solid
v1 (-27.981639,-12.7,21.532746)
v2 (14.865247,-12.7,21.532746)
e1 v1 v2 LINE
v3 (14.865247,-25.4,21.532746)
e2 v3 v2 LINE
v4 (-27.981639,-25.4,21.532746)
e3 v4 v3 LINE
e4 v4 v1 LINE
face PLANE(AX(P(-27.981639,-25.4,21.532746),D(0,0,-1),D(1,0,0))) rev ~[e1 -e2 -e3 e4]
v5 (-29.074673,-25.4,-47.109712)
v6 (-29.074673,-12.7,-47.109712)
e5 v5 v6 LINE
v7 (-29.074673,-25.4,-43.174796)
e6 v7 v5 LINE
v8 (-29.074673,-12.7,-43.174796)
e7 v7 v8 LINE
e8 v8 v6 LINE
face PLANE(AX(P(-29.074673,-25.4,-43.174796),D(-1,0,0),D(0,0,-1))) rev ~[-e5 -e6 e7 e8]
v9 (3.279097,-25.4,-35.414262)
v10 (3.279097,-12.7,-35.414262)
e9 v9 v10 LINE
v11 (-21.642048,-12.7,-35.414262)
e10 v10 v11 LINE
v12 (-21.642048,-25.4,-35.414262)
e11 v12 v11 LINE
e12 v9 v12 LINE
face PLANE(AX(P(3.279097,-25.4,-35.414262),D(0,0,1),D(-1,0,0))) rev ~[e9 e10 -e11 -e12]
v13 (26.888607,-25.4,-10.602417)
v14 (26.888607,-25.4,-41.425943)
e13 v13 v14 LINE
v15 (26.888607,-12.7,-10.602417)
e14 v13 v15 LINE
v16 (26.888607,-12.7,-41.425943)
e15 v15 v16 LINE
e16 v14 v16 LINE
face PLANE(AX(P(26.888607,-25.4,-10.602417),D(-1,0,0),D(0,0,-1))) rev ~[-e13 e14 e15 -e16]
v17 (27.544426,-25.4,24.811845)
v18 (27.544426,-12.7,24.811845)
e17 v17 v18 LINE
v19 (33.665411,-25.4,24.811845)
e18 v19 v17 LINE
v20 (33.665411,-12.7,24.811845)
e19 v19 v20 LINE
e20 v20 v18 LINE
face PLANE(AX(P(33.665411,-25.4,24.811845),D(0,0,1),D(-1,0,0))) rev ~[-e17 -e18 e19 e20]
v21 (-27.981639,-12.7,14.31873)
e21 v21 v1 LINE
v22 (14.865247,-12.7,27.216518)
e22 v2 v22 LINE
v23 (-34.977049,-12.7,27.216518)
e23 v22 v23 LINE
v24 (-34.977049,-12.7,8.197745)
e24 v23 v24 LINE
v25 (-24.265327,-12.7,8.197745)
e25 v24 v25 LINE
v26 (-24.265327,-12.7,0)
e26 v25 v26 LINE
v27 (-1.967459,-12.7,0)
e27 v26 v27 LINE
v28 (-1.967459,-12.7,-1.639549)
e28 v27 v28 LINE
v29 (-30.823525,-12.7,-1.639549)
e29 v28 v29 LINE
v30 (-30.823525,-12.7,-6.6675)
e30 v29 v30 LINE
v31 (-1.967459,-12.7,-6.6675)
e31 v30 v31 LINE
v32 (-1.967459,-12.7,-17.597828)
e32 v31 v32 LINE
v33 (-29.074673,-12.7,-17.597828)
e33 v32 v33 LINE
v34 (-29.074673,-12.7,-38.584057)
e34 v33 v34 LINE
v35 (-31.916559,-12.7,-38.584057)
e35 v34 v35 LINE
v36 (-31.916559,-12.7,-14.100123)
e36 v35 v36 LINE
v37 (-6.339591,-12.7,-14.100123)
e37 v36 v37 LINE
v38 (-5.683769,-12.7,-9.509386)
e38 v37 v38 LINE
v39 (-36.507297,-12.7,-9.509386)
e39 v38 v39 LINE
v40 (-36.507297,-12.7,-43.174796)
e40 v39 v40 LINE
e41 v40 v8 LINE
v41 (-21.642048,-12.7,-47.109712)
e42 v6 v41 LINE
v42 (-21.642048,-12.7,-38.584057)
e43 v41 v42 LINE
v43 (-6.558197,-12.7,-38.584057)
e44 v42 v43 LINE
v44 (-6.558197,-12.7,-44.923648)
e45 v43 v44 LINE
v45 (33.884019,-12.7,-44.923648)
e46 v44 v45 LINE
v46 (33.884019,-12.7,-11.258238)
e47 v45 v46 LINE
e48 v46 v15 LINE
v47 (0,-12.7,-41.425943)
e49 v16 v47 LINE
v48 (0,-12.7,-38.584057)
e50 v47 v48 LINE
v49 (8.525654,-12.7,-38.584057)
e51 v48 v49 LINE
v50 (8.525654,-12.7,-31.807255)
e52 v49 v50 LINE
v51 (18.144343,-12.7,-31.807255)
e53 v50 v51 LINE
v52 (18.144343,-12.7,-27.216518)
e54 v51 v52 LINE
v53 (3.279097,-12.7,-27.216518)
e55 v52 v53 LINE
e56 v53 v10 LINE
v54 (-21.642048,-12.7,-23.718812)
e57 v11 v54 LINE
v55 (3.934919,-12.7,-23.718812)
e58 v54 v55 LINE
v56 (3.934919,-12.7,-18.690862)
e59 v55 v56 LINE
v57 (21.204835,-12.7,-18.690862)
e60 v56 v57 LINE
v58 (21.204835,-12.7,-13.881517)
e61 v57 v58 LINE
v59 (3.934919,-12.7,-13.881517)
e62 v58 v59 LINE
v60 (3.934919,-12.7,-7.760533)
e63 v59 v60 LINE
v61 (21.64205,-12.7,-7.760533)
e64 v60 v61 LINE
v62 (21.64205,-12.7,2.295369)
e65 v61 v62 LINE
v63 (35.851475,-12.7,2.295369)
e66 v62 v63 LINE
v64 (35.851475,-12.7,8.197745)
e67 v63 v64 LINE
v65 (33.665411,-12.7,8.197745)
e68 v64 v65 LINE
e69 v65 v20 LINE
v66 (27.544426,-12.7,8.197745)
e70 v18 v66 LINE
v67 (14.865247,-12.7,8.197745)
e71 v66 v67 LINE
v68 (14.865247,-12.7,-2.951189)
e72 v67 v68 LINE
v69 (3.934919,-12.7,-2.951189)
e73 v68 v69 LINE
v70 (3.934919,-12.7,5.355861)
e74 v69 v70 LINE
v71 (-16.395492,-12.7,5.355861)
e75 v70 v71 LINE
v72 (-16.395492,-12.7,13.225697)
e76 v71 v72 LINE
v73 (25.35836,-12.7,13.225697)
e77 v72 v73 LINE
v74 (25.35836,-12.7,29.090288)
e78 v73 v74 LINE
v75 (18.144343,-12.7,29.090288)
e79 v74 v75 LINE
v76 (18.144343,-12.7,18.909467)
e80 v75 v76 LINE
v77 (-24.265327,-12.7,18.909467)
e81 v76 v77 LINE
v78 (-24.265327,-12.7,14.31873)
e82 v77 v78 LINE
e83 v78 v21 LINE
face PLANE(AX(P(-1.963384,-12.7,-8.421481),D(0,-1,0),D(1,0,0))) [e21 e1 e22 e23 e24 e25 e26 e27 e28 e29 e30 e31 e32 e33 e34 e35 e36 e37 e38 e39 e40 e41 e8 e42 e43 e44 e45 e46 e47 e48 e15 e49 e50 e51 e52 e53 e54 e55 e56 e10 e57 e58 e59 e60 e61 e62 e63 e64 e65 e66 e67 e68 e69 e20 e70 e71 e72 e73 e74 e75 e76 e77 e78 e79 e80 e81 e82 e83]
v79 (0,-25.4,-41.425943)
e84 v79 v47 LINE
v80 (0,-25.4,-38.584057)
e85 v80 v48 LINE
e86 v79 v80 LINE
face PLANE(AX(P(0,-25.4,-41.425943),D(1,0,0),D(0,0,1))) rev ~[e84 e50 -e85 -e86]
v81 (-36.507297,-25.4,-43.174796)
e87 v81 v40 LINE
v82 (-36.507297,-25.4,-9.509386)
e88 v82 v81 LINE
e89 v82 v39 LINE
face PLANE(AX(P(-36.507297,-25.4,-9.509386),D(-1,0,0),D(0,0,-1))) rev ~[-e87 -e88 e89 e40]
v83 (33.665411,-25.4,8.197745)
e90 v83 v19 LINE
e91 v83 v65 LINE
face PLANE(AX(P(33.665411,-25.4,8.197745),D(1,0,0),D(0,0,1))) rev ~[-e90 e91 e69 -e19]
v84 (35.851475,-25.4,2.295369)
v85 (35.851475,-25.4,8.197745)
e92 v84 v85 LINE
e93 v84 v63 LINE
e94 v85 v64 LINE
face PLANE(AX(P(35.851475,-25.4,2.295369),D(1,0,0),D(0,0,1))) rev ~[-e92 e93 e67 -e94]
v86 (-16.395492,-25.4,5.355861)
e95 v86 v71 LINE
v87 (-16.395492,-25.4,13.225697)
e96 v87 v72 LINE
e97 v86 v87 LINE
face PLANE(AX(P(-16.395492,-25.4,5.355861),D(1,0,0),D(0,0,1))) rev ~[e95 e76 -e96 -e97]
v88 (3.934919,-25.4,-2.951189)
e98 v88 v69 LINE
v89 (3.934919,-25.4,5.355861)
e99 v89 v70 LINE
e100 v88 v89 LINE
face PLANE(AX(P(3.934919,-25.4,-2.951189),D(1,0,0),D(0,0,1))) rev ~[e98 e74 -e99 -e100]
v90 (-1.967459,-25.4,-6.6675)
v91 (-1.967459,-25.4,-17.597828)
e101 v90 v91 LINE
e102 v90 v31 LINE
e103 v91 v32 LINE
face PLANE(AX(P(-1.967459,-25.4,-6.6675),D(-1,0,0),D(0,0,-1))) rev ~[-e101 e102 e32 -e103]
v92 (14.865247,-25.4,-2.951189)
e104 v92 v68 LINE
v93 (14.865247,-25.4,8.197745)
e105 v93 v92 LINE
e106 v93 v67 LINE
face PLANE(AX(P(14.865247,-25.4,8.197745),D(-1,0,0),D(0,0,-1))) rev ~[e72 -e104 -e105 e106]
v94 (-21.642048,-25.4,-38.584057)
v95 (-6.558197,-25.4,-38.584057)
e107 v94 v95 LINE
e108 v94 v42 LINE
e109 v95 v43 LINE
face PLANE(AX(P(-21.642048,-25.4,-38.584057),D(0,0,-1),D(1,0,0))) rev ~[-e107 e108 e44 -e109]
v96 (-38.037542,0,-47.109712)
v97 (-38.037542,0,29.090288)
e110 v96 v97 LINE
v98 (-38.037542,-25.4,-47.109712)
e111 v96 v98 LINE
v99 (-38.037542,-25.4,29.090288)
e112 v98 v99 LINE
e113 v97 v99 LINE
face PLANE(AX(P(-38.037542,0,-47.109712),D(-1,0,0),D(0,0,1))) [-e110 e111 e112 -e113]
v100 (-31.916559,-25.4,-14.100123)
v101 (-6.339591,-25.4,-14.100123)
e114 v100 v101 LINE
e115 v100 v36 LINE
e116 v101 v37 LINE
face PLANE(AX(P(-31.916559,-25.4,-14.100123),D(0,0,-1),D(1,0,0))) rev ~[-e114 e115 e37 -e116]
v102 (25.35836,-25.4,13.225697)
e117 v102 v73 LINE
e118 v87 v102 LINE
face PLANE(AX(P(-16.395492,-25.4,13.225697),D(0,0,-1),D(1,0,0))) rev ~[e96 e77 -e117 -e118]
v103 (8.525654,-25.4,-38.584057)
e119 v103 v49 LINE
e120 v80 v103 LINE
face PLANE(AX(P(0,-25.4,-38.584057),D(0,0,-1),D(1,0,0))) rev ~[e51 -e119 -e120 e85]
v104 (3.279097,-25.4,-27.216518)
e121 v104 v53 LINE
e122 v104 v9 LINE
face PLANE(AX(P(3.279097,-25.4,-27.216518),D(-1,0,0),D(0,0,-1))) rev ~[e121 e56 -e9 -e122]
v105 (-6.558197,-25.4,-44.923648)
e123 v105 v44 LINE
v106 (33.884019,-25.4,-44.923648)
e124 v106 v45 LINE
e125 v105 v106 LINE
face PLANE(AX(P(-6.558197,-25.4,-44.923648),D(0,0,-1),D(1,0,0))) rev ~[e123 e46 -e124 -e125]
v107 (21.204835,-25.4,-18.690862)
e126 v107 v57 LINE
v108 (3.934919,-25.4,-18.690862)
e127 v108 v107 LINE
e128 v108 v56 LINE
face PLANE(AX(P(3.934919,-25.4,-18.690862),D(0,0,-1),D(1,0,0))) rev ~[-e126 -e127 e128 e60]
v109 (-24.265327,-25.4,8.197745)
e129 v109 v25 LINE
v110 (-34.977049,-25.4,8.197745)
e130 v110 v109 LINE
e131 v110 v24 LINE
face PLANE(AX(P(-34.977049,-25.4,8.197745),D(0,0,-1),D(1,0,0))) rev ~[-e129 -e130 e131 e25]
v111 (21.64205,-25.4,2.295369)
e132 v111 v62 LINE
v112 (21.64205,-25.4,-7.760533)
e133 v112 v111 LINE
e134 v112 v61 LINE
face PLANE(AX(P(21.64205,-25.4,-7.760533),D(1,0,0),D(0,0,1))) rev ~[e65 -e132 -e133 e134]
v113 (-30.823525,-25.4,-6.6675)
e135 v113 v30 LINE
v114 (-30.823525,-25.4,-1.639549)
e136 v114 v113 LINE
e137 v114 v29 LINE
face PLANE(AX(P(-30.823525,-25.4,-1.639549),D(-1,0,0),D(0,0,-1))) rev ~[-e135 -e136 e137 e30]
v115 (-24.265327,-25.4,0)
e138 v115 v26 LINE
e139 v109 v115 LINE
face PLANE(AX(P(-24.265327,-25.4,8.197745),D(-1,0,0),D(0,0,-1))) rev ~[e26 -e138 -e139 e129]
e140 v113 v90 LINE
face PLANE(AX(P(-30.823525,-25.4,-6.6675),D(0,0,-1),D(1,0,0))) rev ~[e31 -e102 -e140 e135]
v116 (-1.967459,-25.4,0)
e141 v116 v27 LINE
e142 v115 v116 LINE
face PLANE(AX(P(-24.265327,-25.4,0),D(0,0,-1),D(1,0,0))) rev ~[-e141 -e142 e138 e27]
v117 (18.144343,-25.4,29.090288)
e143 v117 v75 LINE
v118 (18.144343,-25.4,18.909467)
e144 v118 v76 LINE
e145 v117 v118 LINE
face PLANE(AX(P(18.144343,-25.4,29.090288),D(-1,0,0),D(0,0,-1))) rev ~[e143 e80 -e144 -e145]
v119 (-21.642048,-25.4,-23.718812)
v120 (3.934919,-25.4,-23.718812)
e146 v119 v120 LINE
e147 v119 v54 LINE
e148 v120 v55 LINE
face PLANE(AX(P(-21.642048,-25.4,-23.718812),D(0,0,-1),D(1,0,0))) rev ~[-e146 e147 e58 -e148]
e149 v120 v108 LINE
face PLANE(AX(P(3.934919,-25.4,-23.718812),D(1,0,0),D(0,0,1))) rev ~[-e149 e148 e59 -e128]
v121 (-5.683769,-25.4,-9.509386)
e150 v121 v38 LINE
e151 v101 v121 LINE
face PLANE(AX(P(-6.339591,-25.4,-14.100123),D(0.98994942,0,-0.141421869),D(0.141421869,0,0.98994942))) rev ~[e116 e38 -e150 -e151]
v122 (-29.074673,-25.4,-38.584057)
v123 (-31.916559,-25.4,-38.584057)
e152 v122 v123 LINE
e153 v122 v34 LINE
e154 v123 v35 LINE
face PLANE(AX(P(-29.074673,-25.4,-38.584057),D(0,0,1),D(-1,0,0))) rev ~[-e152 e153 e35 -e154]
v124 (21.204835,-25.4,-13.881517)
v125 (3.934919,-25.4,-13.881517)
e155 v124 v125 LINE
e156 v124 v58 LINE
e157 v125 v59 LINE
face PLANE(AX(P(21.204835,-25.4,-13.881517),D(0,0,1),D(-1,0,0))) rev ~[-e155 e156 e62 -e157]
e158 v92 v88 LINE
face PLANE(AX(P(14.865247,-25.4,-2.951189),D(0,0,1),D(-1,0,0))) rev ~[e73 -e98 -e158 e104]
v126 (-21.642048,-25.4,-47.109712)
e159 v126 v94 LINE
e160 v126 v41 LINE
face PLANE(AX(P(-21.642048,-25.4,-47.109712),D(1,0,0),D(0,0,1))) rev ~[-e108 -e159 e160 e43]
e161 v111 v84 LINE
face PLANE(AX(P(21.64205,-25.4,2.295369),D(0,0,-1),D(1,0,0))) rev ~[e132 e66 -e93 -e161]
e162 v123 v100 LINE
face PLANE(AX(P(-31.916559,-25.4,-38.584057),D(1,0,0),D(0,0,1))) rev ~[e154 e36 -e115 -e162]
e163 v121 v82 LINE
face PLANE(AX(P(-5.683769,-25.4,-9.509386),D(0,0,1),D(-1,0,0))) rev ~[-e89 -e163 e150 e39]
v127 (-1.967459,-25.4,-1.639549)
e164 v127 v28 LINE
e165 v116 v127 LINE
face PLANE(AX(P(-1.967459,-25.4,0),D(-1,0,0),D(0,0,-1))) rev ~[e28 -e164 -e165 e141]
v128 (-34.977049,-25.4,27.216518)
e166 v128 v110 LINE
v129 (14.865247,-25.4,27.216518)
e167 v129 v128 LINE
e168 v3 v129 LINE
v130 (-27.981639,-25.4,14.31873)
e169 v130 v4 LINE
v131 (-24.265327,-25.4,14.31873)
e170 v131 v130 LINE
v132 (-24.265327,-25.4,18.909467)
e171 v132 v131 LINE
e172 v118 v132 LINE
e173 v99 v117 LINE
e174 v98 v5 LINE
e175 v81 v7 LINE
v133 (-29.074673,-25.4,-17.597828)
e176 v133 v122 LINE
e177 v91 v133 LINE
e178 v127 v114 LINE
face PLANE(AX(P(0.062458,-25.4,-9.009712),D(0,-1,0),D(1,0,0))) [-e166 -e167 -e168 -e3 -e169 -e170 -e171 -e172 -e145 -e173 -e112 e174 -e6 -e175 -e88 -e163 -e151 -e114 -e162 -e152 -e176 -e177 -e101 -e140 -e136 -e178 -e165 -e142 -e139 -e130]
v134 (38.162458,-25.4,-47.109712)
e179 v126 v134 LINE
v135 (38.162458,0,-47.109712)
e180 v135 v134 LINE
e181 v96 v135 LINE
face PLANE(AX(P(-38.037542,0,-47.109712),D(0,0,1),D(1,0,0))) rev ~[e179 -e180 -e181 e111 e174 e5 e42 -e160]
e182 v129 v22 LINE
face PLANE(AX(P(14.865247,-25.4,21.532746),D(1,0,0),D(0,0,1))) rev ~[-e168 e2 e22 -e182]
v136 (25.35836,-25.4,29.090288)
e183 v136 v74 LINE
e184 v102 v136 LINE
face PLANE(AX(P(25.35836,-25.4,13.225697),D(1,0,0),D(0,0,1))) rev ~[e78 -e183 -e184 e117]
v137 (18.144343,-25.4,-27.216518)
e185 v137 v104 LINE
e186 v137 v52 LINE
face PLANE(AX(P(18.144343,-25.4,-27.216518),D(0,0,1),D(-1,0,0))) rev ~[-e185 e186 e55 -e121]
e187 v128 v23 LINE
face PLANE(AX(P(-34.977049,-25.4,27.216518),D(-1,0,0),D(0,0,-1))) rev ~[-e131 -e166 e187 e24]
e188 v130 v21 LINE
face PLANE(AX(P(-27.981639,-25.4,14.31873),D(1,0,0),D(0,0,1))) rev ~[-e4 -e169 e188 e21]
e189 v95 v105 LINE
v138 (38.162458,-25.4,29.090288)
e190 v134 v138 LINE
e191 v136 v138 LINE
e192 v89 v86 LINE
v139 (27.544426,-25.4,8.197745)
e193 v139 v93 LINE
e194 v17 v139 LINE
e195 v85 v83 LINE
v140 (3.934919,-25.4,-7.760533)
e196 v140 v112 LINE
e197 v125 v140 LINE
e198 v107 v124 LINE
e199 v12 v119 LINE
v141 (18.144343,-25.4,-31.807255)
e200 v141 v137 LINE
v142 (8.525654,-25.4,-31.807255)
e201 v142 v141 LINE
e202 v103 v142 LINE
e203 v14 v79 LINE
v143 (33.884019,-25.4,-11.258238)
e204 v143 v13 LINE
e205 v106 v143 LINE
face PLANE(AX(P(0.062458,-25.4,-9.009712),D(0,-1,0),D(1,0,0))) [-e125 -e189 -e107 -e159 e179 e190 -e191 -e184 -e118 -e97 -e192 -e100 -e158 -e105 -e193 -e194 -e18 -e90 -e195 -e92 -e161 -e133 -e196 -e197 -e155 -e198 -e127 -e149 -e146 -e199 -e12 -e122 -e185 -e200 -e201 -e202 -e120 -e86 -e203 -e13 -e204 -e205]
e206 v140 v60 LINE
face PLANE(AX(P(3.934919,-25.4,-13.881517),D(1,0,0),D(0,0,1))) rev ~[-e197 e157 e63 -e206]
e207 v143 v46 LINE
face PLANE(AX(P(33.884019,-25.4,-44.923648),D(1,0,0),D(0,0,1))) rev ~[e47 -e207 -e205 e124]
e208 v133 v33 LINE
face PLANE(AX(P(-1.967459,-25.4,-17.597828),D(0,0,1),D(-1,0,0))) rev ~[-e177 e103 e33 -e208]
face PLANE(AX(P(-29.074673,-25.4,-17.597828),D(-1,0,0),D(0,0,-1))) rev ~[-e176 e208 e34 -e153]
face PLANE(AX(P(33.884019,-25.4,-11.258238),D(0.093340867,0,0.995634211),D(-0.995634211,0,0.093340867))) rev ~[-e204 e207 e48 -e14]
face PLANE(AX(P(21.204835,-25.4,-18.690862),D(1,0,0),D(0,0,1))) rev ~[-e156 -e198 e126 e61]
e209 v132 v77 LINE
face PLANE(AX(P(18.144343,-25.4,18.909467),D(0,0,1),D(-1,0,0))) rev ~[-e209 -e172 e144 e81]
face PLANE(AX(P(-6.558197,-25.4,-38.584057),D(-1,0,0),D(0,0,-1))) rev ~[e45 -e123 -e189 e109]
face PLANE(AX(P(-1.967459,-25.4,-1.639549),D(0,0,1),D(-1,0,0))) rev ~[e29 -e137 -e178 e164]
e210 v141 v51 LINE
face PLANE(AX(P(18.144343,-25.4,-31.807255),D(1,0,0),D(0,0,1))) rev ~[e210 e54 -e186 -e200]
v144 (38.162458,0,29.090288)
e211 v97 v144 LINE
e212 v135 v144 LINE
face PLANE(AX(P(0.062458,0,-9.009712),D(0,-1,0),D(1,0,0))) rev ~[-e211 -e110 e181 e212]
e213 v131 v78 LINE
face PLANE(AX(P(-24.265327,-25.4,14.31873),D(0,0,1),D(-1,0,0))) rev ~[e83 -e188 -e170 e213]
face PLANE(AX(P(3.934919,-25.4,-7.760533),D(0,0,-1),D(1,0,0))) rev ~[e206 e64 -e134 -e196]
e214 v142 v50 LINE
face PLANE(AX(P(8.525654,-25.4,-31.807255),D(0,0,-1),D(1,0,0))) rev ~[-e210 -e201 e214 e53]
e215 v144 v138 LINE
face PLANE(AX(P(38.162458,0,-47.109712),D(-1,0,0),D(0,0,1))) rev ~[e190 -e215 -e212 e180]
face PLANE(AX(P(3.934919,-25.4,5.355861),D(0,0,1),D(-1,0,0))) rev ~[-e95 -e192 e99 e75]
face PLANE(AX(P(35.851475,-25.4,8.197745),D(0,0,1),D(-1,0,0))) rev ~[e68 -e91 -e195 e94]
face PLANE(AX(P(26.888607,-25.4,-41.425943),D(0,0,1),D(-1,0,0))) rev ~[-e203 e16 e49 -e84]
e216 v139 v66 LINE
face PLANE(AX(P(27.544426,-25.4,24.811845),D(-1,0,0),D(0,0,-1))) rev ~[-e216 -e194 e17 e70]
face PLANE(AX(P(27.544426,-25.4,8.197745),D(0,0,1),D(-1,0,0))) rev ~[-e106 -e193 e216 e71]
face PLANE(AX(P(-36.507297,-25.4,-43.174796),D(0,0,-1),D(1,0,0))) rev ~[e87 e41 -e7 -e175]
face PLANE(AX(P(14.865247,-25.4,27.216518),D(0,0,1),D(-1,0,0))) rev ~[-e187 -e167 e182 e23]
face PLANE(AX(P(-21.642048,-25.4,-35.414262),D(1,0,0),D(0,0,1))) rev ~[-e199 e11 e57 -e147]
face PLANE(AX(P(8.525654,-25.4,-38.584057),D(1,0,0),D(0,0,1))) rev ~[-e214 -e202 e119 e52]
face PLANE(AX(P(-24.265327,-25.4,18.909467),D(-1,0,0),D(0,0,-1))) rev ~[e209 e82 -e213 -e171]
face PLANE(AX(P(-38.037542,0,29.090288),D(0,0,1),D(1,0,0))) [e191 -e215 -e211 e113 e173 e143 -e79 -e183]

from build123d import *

# Parameters (mm, degrees)
F0_W     = 76.2
F0_H     = 76.2
F1_DEPTH = 25.4
F3_DEPTH = 12.7


with BuildPart() as f1:
    # F0 (on Front) → F1 (new body)
    with BuildSketch(Plane.XZ):
        with Locations((0.062458, -9.009712)):
            Rectangle(F0_W, F0_H)
    extrude(amount=F1_DEPTH)

    # F2 (on face) → F3 (cut)
    with BuildSketch(Plane.XZ.offset(25.4)):
        Polygon((-29.074673, -43.174796), (-29.074673, -47.109712), (-21.642048, -47.109712), (-21.642048, -38.584057), (-6.558197, -38.584057), (-6.558197, -44.923648), (33.884019, -44.923648), (33.884019, -11.258238), (26.888607, -10.602417), (26.888607, -41.425943), (0, -41.425943), (0, -38.584057), (8.525654, -38.584057), (8.525654, -31.807255), (18.144343, -31.807255), (18.144343, -27.216518), (3.279097, -27.216518), (3.279097, -35.414262), (-21.642048, -35.414262), (-21.642048, -23.718812), (3.934919, -23.718812), (3.934919, -18.690862), (21.204835, -18.690862), (21.204835, -13.881517), (3.934919, -13.881517), (3.934919, -7.760533), (21.64205, -7.760533), (21.64205, 2.295369), (35.851475, 2.295369), (35.851475, 8.197745), (33.665411, 8.197745), (33.665411, 24.811845), (27.544426, 24.811845), (27.544426, 8.197745), (14.865247, 8.197745), (14.865247, -2.951189), (3.934919, -2.951189), (3.934919, 5.355861), (-16.395492, 5.355861), (-16.395492, 13.225697), (25.35836, 13.225697), (25.35836, 29.090288), (18.144343, 29.090288), (18.144343, 18.909467), (-24.265327, 18.909467), (-24.265327, 14.31873), (-27.981639, 14.31873), (-27.981639, 21.532746), (14.865247, 21.532746), (14.865247, 27.216518), (-34.977049, 27.216518), (-34.977049, 8.197745), (-24.265327, 8.197745), (-24.265327, 0), (-1.967459, 0), (-1.967459, -1.639549), (-30.823525, -1.639549), (-30.823525, -6.6675), (-1.967459, -6.6675), (-1.967459, -17.597828), (-29.074673, -17.597828), (-29.074673, -38.584057), (-31.916559, -38.584057), (-31.916559, -14.100123), (-6.339591, -14.100123), (-5.683769, -9.509386), (-36.507297, -9.509386), (-36.507297, -43.174796), align=None)
        with BuildLine():
            Line((2e-06, 61.738352), (0, 55.198155))
            ThreePointArc((0, 55.198155), (1.854865, 58.468253), (2e-06, 61.738352))
        make_face()
    extrude(amount=-F3_DEPTH, mode=Mode.SUBTRACT)


solid = f1.part
